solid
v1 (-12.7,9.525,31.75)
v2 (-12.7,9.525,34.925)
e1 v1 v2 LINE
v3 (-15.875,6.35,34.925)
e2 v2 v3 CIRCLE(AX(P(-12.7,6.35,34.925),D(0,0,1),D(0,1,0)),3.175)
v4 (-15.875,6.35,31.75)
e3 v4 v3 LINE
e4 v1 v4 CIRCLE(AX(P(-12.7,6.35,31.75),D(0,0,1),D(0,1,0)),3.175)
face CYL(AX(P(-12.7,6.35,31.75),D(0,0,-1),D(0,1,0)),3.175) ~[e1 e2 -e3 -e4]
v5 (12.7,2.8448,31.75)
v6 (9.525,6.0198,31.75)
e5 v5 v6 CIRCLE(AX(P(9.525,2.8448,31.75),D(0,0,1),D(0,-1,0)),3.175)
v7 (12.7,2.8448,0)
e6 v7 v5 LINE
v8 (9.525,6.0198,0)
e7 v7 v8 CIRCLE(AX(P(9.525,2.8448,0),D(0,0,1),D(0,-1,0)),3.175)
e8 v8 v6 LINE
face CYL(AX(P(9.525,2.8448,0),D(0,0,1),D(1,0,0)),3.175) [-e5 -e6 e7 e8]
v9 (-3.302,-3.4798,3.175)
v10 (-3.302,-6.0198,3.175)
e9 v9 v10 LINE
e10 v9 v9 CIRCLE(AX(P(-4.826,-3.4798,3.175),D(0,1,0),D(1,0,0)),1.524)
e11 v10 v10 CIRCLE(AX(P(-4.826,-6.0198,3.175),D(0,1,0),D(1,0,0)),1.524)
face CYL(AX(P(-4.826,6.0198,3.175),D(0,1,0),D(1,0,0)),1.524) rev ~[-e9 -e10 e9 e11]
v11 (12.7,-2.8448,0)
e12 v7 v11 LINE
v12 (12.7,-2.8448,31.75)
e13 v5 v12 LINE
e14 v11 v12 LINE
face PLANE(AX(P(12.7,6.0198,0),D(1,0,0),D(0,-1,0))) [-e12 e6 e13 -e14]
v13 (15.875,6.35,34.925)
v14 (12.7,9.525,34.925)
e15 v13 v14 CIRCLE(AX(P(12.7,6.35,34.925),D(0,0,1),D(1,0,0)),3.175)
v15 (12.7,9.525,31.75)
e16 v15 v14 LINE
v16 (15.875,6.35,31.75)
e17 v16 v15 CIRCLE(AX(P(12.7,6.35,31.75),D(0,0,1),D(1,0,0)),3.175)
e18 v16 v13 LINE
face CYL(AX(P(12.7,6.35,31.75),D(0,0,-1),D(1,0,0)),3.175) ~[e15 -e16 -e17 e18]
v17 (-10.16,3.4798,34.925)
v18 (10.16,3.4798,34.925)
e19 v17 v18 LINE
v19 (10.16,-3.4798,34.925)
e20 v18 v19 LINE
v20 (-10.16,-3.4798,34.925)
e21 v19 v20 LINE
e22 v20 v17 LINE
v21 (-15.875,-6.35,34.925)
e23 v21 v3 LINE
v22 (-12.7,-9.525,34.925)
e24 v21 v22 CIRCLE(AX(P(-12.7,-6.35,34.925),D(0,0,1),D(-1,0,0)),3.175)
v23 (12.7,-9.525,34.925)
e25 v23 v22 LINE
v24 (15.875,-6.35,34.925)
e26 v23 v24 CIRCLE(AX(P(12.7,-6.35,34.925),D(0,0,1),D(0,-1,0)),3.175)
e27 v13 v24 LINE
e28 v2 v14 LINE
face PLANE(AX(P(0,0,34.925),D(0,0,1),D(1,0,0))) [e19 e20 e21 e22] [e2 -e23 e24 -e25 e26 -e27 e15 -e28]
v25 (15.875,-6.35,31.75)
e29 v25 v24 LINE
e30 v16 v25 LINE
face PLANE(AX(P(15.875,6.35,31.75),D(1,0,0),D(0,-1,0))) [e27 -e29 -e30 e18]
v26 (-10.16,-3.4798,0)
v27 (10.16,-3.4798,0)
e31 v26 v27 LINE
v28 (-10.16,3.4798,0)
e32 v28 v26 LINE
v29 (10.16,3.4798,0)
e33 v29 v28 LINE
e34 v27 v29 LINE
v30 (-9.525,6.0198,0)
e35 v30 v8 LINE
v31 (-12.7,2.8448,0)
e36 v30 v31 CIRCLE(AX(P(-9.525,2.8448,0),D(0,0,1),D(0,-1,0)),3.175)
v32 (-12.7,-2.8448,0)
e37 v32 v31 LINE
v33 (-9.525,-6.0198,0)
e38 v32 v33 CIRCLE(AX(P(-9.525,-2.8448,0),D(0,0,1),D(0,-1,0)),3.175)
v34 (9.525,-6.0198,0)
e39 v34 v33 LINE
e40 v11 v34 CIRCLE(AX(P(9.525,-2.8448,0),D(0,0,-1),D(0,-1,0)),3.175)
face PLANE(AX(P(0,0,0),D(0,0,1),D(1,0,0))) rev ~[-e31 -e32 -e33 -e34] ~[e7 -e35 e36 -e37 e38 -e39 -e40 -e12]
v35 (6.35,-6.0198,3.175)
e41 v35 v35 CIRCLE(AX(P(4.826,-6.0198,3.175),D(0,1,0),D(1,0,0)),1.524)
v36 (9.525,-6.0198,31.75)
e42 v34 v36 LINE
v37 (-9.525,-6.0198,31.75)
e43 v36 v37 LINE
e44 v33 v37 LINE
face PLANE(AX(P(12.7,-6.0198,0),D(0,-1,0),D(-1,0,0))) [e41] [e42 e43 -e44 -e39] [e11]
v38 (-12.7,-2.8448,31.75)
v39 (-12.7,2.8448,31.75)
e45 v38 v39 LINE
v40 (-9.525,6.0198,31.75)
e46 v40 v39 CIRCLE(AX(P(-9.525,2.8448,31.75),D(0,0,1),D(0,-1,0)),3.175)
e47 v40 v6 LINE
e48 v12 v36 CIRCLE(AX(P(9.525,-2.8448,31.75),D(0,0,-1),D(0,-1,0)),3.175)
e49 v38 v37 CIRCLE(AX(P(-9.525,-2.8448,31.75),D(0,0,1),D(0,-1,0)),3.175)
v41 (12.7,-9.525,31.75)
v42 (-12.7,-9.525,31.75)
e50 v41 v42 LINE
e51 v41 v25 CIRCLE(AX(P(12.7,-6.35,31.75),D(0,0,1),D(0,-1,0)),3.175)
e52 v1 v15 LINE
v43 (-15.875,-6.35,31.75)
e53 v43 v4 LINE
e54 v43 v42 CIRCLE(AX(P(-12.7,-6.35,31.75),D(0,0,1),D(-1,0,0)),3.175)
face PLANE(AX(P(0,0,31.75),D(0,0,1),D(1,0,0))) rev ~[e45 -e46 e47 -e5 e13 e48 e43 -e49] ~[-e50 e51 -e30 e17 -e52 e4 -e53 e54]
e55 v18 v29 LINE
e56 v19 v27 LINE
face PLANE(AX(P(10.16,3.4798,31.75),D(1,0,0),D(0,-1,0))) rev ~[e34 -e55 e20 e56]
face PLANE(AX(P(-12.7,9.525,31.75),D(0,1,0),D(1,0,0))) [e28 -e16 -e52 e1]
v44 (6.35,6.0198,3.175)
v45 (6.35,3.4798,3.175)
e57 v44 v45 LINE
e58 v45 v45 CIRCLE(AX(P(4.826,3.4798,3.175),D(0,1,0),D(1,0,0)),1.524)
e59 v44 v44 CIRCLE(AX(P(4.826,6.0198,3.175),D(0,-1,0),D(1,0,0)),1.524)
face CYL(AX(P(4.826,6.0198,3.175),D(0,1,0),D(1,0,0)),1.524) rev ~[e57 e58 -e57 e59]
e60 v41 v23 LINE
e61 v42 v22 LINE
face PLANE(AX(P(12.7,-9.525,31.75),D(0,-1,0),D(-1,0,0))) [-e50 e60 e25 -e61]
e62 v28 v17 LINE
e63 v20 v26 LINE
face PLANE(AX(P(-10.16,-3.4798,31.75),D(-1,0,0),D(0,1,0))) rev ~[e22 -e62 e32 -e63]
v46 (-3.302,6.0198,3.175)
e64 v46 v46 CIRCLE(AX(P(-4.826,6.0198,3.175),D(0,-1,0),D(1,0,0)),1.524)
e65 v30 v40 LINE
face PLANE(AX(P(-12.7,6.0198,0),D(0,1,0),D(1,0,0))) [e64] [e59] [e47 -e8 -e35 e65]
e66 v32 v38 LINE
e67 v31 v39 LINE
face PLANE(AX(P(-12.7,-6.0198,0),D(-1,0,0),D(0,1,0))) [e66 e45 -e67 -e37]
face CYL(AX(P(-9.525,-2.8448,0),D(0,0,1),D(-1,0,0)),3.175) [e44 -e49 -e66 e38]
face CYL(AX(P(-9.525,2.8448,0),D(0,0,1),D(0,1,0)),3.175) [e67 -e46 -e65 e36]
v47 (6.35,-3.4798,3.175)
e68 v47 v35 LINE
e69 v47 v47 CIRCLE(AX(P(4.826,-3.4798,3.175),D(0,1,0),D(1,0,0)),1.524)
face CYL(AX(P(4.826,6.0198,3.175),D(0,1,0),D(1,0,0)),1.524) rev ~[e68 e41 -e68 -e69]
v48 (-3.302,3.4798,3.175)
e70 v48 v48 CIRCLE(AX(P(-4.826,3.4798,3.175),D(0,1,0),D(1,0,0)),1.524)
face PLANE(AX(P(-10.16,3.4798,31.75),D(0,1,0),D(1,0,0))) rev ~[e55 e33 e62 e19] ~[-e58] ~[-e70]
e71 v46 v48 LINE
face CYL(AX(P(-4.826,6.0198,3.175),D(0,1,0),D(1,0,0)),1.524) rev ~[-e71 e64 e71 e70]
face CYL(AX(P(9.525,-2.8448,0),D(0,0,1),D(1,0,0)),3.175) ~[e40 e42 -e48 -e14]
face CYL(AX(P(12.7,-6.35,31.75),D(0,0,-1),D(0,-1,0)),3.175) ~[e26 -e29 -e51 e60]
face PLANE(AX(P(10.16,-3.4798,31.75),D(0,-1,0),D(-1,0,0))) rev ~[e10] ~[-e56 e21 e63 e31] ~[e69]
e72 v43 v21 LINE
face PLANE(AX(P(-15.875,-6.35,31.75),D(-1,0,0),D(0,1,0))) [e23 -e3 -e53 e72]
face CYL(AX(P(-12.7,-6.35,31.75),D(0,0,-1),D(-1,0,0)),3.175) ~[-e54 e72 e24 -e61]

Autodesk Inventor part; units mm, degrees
ref_plane "YZ Plane" through (0, 0, 0) normal (1, 0, 0) x (0, 1, 0)
ref_plane "XZ Plane" through (0, 0, 0) normal (0, 1, 0) x (-1, 0, 0)
ref_plane "XY Plane" through (0, 0, 0) normal (0, 0, 1) x (1, 0, 0)
sketch "Sketch1" plane through (0, 0, 0) normal (0, 0, 1) x (1, 0, 0)
  line L0 (12.7, -6.0198) -> (-12.7, -6.0198)
  line L1 (-12.7, -6.0198) -> (-12.7, 6.0198)
  line L2 (-12.7, 6.0198) -> (12.7, 6.0198)
  line L3 (12.7, 6.0198) -> (12.7, -6.0198)
  line L4 (12.7, -6.0198) -> (-12.7, 6.0198) construction
  line L5 (-12.7, -6.0198) -> (12.7, 6.0198) construction
  point P0 (0, 0)
  dimension "d0" = 25.4
  dimension "d1" = 12.0396
extrude "Extrusion1" add sketch "Sketch1" along normal blind 31.75
shell "Shell1" thickness 2.54 removed faces 2 at (4.2333, -2.0066, 0) at (4.2333, -2.0066, 31.75)
sketch "Sketch2" plane through (-12.7, 6.0198, 0) normal (0, 1, 0) x (1, 0, 0)
  line L0 (-2.1226, -3.175) -> (30.0619, -3.175)
  line L1 (0, 0) -> (25.4, 0) projected
  circle A0 centre (7.874, -3.175) radius 1.524
  circle A1 centre (17.526, -3.175) radius 1.524
  line L2 (12.7, 1.1779) -> (12.7, -16.2415)
  point P0 (12.7, 0)
  point P1 (12.7, 0)
  dimension "d23" = 3.175
  dimension "d24" = 3.048
  dimension "d25" = 9.652
extrude "Extrusion2" cut sketch "Sketch2" against normal through all
sketch "Sketch3" plane through (0, 0, 31.75) normal (0, 0, 1) x (1, 0, 0)
  line L0 (-10.16, 3.4798) -> (10.16, 3.4798)
  line L1 (10.16, 3.4798) -> (10.16, -3.4798)
  line L2 (10.16, -3.4798) -> (-10.16, -3.4798)
  line L3 (-10.16, -3.4798) -> (-10.16, 3.4798)
  line L4 (-10.16, 3.4798) -> (10.16, -3.4798) construction
  line L5 (10.16, 3.4798) -> (-10.16, -3.4798) construction
  line L6 (-12.7, 9.525) -> (12.7, 9.525)
  line L7 (15.875, 6.35) -> (15.875, -6.35)
  line L8 (12.7, -9.525) -> (-12.7, -9.525)
  line L9 (-15.875, -6.35) -> (-15.875, 6.35)
  line L10 (-15.875, 9.525) -> (15.875, -9.525) construction
  line L11 (15.875, 9.525) -> (-15.875, -9.525) construction
  arc A0 (12.7, -9.525) -> (15.875, -6.35) centre (12.7, -6.35) ccw
  arc A1 (15.875, 6.35) -> (12.7, 9.525) centre (12.7, 6.35) ccw
  arc A2 (-12.7, 9.525) -> (-15.875, 6.35) centre (-12.7, 6.35) ccw
  arc A3 (-15.875, -6.35) -> (-12.7, -9.525) centre (-12.7, -6.35) ccw
  point P0 (0, 0)
  dimension "d28" = 19.05
  dimension "d29" = 31.75
  dimension "d30" = 3.175
extrude "Extrusion3" add sketch "Sketch3" along normal blind 3.175
fillet "Fillet1" radius 3.175 4 edges at (12.7, 6.0198, 15.875) (12.7, -6.0198, 15.875) (-12.7, 6.0198, 15.875) (-12.7, -6.0198, 15.875)
properties part number "E-Stop_Fixture_Taller"
